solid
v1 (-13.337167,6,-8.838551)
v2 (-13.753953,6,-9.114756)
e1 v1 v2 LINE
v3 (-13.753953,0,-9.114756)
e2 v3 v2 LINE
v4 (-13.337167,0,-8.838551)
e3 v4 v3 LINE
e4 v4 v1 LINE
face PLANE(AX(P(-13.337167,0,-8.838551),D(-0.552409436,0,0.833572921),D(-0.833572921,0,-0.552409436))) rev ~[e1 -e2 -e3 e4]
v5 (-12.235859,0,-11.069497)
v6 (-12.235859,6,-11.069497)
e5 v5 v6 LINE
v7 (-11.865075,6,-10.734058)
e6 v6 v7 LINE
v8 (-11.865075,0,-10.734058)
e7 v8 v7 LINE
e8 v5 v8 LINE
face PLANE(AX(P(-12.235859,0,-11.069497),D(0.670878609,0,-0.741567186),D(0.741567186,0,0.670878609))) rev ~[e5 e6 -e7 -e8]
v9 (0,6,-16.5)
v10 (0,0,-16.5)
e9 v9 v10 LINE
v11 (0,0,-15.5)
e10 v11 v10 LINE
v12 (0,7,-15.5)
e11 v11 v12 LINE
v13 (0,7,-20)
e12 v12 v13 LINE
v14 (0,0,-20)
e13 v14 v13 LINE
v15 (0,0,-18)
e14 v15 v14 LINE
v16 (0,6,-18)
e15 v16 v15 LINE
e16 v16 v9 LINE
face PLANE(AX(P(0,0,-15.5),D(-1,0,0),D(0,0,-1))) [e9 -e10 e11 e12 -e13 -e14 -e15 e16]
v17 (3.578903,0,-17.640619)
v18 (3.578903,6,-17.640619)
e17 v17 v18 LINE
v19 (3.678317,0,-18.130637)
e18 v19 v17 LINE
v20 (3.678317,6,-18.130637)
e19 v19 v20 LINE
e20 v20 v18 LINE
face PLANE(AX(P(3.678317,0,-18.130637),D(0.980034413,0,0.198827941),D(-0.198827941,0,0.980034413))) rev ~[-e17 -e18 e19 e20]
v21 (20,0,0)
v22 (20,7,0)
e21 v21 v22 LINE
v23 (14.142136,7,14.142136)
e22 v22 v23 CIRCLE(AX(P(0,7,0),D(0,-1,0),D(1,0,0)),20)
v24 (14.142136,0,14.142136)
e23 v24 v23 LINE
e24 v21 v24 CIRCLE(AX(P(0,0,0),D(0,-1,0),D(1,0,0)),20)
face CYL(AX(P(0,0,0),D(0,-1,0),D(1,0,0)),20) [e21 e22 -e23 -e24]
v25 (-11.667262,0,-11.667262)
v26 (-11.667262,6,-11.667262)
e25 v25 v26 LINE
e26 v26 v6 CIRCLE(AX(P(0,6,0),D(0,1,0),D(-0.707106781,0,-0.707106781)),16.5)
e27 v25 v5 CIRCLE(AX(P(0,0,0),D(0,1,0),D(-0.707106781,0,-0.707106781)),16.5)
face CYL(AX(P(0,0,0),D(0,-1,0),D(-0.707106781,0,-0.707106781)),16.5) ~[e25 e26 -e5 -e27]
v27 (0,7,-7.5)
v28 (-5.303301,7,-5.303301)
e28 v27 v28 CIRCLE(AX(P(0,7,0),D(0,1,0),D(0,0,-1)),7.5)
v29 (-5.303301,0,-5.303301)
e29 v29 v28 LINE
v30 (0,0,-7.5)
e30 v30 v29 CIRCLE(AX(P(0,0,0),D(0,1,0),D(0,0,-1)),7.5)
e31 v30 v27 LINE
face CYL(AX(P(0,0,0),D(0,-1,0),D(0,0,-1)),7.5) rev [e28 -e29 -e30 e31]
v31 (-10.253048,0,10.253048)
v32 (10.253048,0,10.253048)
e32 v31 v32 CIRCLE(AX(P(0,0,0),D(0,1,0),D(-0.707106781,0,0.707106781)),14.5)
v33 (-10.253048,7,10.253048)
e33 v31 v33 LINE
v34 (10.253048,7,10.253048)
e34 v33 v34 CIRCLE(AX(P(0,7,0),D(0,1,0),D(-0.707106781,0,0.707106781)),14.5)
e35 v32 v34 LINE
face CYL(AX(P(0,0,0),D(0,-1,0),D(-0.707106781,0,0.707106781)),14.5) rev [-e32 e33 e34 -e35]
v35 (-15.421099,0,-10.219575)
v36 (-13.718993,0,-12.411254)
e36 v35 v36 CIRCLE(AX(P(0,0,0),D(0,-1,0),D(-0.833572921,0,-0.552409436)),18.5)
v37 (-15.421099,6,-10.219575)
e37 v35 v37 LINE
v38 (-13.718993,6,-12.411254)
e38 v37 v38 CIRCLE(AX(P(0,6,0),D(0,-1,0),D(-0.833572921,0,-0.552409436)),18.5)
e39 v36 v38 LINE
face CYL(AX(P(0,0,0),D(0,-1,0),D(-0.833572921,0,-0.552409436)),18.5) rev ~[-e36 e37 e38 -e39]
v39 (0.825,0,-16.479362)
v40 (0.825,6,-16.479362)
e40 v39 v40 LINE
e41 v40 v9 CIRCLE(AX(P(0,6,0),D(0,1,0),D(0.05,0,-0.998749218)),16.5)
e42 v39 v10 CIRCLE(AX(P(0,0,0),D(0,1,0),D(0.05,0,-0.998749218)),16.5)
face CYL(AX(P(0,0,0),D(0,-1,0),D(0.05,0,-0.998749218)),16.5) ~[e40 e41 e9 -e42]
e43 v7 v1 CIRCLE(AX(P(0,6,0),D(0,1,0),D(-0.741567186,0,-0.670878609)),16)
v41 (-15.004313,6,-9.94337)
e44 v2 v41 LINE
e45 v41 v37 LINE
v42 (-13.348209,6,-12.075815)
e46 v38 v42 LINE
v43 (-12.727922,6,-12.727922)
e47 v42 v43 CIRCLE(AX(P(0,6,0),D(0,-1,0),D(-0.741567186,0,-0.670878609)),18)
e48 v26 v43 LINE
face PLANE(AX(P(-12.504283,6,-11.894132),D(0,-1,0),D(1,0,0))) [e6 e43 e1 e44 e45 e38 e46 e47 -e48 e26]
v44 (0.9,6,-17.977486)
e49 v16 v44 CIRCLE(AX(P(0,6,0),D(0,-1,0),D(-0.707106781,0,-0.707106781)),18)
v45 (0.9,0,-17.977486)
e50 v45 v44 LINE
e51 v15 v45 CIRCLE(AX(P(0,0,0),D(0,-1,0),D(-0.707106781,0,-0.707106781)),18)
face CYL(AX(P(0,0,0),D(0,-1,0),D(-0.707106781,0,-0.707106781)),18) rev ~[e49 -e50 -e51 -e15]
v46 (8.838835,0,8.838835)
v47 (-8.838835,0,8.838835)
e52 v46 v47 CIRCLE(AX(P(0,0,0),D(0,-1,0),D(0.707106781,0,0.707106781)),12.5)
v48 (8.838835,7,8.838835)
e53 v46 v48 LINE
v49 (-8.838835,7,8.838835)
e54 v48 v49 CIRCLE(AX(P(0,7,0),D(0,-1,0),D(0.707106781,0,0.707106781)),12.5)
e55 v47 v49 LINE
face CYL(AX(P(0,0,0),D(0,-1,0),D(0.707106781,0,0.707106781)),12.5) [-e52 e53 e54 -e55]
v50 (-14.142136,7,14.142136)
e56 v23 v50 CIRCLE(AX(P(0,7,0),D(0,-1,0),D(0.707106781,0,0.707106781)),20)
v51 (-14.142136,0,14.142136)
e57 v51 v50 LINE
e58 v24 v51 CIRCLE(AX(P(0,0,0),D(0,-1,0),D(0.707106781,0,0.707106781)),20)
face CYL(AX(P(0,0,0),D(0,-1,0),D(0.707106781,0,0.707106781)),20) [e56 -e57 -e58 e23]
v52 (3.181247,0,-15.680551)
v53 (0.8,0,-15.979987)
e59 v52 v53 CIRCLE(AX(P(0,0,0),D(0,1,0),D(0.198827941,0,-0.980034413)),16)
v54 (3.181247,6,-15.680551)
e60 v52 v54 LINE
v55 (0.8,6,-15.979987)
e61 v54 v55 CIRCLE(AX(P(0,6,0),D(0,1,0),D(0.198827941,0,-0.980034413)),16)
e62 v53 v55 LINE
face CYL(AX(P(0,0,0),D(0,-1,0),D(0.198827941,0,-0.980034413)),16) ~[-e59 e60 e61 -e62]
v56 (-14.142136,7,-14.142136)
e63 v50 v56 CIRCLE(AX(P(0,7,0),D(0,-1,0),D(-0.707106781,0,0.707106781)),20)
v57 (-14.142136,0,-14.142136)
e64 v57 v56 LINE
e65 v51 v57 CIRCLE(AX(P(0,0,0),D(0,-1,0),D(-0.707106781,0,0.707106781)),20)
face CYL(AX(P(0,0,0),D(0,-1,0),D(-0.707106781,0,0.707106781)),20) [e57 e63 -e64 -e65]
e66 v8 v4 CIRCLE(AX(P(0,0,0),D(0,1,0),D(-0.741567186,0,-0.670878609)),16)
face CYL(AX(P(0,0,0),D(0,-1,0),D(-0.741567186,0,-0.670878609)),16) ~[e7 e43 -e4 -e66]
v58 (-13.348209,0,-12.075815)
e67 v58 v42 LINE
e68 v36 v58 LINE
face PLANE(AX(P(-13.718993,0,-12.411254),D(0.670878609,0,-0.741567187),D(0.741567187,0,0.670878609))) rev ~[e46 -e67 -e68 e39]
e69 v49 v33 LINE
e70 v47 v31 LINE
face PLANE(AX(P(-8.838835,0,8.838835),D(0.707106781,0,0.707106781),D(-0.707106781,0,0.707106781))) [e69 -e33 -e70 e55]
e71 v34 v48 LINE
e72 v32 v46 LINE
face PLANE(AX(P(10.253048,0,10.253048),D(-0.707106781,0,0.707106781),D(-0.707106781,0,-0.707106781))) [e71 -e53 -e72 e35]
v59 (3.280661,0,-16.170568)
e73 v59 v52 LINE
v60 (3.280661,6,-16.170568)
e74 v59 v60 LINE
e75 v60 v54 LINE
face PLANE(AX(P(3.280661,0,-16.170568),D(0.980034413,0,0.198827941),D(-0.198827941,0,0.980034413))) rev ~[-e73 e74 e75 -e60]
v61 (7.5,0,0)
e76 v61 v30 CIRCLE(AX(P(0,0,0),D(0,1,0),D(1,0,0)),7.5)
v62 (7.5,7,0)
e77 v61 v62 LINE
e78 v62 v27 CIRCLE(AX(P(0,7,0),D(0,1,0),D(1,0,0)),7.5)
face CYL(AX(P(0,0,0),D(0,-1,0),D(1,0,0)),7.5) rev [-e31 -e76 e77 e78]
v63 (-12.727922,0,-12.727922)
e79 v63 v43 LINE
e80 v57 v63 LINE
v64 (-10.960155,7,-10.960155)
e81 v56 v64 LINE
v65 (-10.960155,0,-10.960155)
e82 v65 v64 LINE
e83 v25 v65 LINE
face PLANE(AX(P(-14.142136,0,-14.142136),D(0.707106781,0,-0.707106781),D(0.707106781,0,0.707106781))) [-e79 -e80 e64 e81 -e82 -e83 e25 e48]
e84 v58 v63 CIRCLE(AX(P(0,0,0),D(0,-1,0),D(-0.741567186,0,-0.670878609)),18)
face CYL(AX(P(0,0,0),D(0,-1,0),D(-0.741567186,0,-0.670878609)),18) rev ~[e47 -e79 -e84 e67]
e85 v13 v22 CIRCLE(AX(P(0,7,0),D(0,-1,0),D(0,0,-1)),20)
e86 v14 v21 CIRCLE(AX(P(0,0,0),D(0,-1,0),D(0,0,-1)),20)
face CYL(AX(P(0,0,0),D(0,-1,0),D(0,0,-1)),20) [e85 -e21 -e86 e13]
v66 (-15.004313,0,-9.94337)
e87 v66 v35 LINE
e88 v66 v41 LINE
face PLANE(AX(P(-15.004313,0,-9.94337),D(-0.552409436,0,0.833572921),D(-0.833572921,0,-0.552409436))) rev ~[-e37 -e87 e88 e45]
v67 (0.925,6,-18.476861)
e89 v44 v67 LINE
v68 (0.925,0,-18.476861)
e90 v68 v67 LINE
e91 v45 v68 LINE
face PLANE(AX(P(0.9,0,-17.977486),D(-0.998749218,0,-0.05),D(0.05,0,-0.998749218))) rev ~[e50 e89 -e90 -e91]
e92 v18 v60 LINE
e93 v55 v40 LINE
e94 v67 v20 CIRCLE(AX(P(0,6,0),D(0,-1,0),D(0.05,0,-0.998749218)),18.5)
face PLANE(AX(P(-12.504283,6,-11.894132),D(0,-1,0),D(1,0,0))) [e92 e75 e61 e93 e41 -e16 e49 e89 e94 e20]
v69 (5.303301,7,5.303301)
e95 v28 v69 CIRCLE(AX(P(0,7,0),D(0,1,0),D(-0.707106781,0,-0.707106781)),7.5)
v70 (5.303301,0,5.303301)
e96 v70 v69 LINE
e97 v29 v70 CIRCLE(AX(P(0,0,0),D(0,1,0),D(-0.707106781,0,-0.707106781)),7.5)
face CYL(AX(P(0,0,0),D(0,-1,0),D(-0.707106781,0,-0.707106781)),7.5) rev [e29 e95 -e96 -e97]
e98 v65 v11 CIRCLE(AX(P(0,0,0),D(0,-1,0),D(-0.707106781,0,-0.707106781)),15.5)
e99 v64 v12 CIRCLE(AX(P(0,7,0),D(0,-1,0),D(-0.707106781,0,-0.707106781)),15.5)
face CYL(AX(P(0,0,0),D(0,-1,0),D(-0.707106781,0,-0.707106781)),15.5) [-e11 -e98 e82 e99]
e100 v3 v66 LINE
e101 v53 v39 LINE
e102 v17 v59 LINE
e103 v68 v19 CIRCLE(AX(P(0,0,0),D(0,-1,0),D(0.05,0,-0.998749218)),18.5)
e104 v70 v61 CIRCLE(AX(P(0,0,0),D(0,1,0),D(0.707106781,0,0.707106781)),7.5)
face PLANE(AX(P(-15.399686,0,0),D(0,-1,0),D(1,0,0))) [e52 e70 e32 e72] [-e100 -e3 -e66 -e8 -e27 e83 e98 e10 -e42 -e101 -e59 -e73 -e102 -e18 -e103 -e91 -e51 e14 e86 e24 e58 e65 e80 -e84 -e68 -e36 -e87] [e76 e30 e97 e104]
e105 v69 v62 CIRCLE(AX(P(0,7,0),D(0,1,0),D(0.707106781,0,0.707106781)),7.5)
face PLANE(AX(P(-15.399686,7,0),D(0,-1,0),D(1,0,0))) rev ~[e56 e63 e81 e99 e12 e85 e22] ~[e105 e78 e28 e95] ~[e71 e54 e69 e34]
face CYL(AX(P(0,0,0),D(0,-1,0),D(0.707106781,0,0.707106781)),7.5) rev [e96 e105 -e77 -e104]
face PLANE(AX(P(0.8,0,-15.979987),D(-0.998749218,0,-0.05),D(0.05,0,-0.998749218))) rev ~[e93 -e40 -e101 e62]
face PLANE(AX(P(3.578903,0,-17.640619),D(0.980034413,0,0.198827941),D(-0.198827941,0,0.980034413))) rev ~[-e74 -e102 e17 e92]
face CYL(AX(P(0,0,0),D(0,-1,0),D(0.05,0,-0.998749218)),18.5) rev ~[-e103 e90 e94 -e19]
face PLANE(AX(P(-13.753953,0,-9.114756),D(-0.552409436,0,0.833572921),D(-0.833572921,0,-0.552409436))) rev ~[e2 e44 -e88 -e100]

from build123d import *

# Parameters (mm, degrees)
F1_DEPTH = 7
F3_DEPTH = 6


with BuildPart() as f1:
    # F0 (on Front) → F1 (new body)
    with BuildSketch(Plane.XZ):
        with BuildLine():
            Line((-10.9601551084, 10.9601551084), (-14.1421356237, 14.1421356237))
            ThreePointArc((-14.1421356237, 14.1421356237), (-20, 0), (-14.1421356237, -14.1421356237))
            Line((-14.1421356237, -14.1421356237), (-10.9601551084, -10.9601551084))
            ThreePointArc((-10.9601551084, -10.9601551084), (-15.5, 0), (-10.9601551084, 10.9601551084))
        make_face()
        with BuildLine():
            ThreePointArc((-10.9601551084, -10.9601551084), (-5.9315932017, -14.3201327539), (0, -15.5))
            Line((0, -15.5), (0, -14.5))
            ThreePointArc((0, -14.5), (-5.5489097693, -13.3962532214), (-10.2530483272, -10.2530483272))
            Line((-10.2530483272, -10.2530483272), (-10.9601551084, -10.9601551084))
        make_face()
        with BuildLine():
            Line((10.9601551084, 10.9601551084), (14.1421356237, 14.1421356237))
            ThreePointArc((14.1421356237, 14.1421356237), (0, 20), (-14.1421356237, 14.1421356237))
            Line((-14.1421356237, 14.1421356237), (-10.9601551084, 10.9601551084))
            ThreePointArc((-10.9601551084, 10.9601551084), (0, 15.5), (10.9601551084, 10.9601551084))
        make_face()
        with BuildLine():
            ThreePointArc((0, -20), (14.1421356237, -14.1421356237), (20, 0))
            ThreePointArc((20, 0), (18.4775906502, 7.6536686473), (14.1421356237, 14.1421356237))
            Line((14.1421356237, 14.1421356237), (10.9601551084, 10.9601551084))
            ThreePointArc((10.9601551084, 10.9601551084), (14.3201327539, 5.9315932017), (15.5, 0))
            ThreePointArc((15.5, 0), (10.9601551084, -10.9601551084), (0, -15.5))
            Line((0, -15.5), (0, -20))
        make_face()
        with BuildLine():
            ThreePointArc((-10.2530483272, -10.2530483272), (-5.5489097693, -13.3962532214), (0, -14.5))
            Line((0, -14.5), (0, -12.5))
            ThreePointArc((0, -12.5), (-4.7835429046, -11.5484941564), (-8.8388347648, -8.8388347648))
            Line((-8.8388347648, -8.8388347648), (-10.2530483272, -10.2530483272))
        make_face()
        with BuildLine():
            ThreePointArc((-8.8388347648, -8.8388347648), (-4.7835429046, -11.5484941564), (0, -12.5))
            Line((0, -12.5), (0, -7.5))
            ThreePointArc((0, -7.5), (-2.8701257427, -6.9290964938), (-5.3033008589, -5.3033008589))
            Line((-5.3033008589, -5.3033008589), (-8.8388347648, -8.8388347648))
        make_face()
        with BuildLine():
            Line((10.2530483272, 10.2530483272), (10.9601551084, 10.9601551084))
            ThreePointArc((10.9601551084, 10.9601551084), (0, 15.5), (-10.9601551084, 10.9601551084))
            Line((-10.9601551084, 10.9601551084), (-10.2530483272, 10.2530483272))
            ThreePointArc((-10.2530483272, 10.2530483272), (0, 14.5), (10.2530483272, 10.2530483272))
        make_face()
        with BuildLine():
            Line((5.3033008589, 5.3033008589), (8.8388347648, 8.8388347648))
            ThreePointArc((8.8388347648, 8.8388347648), (0, 12.5), (-8.8388347648, 8.8388347648))
            Line((-8.8388347648, 8.8388347648), (-5.3033008589, 5.3033008589))
            ThreePointArc((-5.3033008589, 5.3033008589), (0, 7.5), (5.3033008589, 5.3033008589))
        make_face()
        with BuildLine():
            ThreePointArc((12.5, 0), (11.5484941564, 4.7835429046), (8.8388347648, 8.8388347648))
            Line((8.8388347648, 8.8388347648), (5.3033008589, 5.3033008589))
            ThreePointArc((5.3033008589, 5.3033008589), (6.9290964938, 2.8701257427), (7.5, 0))
            ThreePointArc((7.5, 0), (5.3033008589, -5.3033008589), (0, -7.5))
            Line((0, -7.5), (0, -12.5))
            ThreePointArc((0, -12.5), (8.8388347648, -8.8388347648), (12.5, 0))
        make_face()
        with BuildLine():
            ThreePointArc((14.5, 0), (13.3962532214, 5.5489097693), (10.2530483272, 10.2530483272))
            Line((10.2530483272, 10.2530483272), (8.8388347648, 8.8388347648))
            ThreePointArc((8.8388347648, 8.8388347648), (11.5484941564, 4.7835429046), (12.5, 0))
            ThreePointArc((12.5, 0), (8.8388347648, -8.8388347648), (0, -12.5))
            Line((0, -12.5), (0, -14.5))
            ThreePointArc((0, -14.5), (10.2530483272, -10.2530483272), (14.5, 0))
        make_face()
        with BuildLine():
            ThreePointArc((15.5, 0), (14.3201327539, 5.9315932017), (10.9601551084, 10.9601551084))
            Line((10.9601551084, 10.9601551084), (10.2530483272, 10.2530483272))
            ThreePointArc((10.2530483272, 10.2530483272), (13.3962532214, 5.5489097693), (14.5, 0))
            ThreePointArc((14.5, 0), (10.2530483272, -10.2530483272), (0, -14.5))
            Line((0, -14.5), (0, -15.5))
            ThreePointArc((0, -15.5), (10.9601551084, -10.9601551084), (15.5, 0))
        make_face()
        with BuildLine():
            Line((-5.3033008589, 5.3033008589), (-8.8388347648, 8.8388347648))
            ThreePointArc((-8.8388347648, 8.8388347648), (-12.5, 0), (-8.8388347648, -8.8388347648))
            Line((-8.8388347648, -8.8388347648), (-5.3033008589, -5.3033008589))
            ThreePointArc((-5.3033008589, -5.3033008589), (-7.5, 0), (-5.3033008589, 5.3033008589))
        make_face()
        with BuildLine():
            Line((-8.8388347648, 8.8388347648), (-10.2530483272, 10.2530483272))
            ThreePointArc((-10.2530483272, 10.2530483272), (-14.5, 0), (-10.2530483272, -10.2530483272))
            Line((-10.2530483272, -10.2530483272), (-8.8388347648, -8.8388347648))
            ThreePointArc((-8.8388347648, -8.8388347648), (-12.5, 0), (-8.8388347648, 8.8388347648))
        make_face()
        with BuildLine():
            Line((-10.2530483272, 10.2530483272), (-10.9601551084, 10.9601551084))
            ThreePointArc((-10.9601551084, 10.9601551084), (-15.5, 0), (-10.9601551084, -10.9601551084))
            Line((-10.9601551084, -10.9601551084), (-10.2530483272, -10.2530483272))
            ThreePointArc((-10.2530483272, -10.2530483272), (-14.5, 0), (-10.2530483272, 10.2530483272))
        make_face()
    extrude(amount=-F1_DEPTH)

    # F2 (on face) → F3 (cut)
    with BuildSketch(Plane.XZ):
        with BuildLine():
            Line((-12.7279220614, -12.7279220614), (-11.6672618896, -11.6672618896))
            ThreePointArc((-11.6672618896, -11.6672618896), (-11.9552968476, -11.3719337531), (-12.2358585772, -11.0694970472))
            Line((-12.2358585772, -11.0694970472), (-13.348209357, -12.0758149606))
            ThreePointArc((-13.348209357, -12.0758149606), (-13.0421420156, -12.4057459125), (-12.7279220614, -12.7279220614))
        make_face()
        with BuildLine():
            Line((-13.7189929502, -12.411254265), (-13.348209357, -12.0758149606))
            ThreePointArc((-13.348209357, -12.0758149606), (-14.216300698, -11.0406881336), (-15.004312577, -9.9433698559))
            Line((-15.004312577, -9.9433698559), (-15.4210990375, -10.2195745741))
            ThreePointArc((-15.4210990375, -10.2195745741), (-14.6111979396, -11.3473739151), (-13.7189929502, -12.411254265))
        make_face()
        with BuildLine():
            Line((-13.348209357, -12.0758149606), (-12.2358585772, -11.0694970472))
            ThreePointArc((-12.2358585772, -11.0694970472), (-13.0316089732, -10.1206307892), (-13.7539531956, -9.1147557012))
            Line((-13.7539531956, -9.1147557012), (-15.004312577, -9.9433698559))
            ThreePointArc((-15.004312577, -9.9433698559), (-14.216300698, -11.0406881336), (-13.348209357, -12.0758149606))
        make_face()
        with BuildLine():
            Line((-12.2358585772, -11.0694970472), (-11.865074984, -10.7340577427))
            ThreePointArc((-11.865074984, -10.7340577427), (-12.6367117316, -9.8139450077), (-13.3371667351, -8.838550983))
            Line((-13.3371667351, -8.838550983), (-13.7539531956, -9.1147557012))
            ThreePointArc((-13.7539531956, -9.1147557012), (-13.0316089732, -10.1206307892), (-12.2358585772, -11.0694970472))
        make_face()
        with BuildLine():
            ThreePointArc((0.825, -16.4793620932), (-5.9310823475, -15.3971511062), (-11.6672618896, -11.6672618896))
            Line((-11.6672618896, -11.6672618896), (-12.7279220614, -12.7279220614))
            ThreePointArc((-12.7279220614, -12.7279220614), (-6.4702716518, -16.7968921158), (0.9, -17.9774859199))
            Line((0.9, -17.9774859199), (0.825, -16.4793620932))
        make_face()
        with BuildLine():
            ThreePointArc((3.2806610289, -16.1705678074), (2.0586285723, -16.3710735262), (0.825, -16.4793620932))
            Line((0.825, -16.4793620932), (0.9, -17.9774859199))
            ThreePointArc((0.9, -17.9774859199), (2.2457766244, -17.8593529377), (3.5789029407, -17.6406194262))
            Line((3.5789029407, -17.6406194262), (3.2806610289, -16.1705678074))
        make_face()
        with BuildLine():
            ThreePointArc((3.1812470584, -15.6805506011), (1.9962458883, -15.8749803891), (0.8, -15.9799874844))
            Line((0.8, -15.9799874844), (0.825, -16.4793620932))
            ThreePointArc((0.825, -16.4793620932), (2.0586285723, -16.3710735262), (3.2806610289, -16.1705678074))
            Line((3.2806610289, -16.1705678074), (3.1812470584, -15.6805506011))
        make_face()
        with BuildLine():
            ThreePointArc((3.5789029407, -17.6406194262), (2.2457766244, -17.8593529377), (0.9, -17.9774859199))
            Line((0.9, -17.9774859199), (0.925, -18.4768605288))
            ThreePointArc((0.925, -18.4768605288), (2.3081593084, -18.3554460749), (3.6783169112, -18.1306366325))
            Line((3.6783169112, -18.1306366325), (3.5789029407, -17.6406194262))
        make_face()
    extrude(amount=-F3_DEPTH, mode=Mode.SUBTRACT)


solid = f1.part
